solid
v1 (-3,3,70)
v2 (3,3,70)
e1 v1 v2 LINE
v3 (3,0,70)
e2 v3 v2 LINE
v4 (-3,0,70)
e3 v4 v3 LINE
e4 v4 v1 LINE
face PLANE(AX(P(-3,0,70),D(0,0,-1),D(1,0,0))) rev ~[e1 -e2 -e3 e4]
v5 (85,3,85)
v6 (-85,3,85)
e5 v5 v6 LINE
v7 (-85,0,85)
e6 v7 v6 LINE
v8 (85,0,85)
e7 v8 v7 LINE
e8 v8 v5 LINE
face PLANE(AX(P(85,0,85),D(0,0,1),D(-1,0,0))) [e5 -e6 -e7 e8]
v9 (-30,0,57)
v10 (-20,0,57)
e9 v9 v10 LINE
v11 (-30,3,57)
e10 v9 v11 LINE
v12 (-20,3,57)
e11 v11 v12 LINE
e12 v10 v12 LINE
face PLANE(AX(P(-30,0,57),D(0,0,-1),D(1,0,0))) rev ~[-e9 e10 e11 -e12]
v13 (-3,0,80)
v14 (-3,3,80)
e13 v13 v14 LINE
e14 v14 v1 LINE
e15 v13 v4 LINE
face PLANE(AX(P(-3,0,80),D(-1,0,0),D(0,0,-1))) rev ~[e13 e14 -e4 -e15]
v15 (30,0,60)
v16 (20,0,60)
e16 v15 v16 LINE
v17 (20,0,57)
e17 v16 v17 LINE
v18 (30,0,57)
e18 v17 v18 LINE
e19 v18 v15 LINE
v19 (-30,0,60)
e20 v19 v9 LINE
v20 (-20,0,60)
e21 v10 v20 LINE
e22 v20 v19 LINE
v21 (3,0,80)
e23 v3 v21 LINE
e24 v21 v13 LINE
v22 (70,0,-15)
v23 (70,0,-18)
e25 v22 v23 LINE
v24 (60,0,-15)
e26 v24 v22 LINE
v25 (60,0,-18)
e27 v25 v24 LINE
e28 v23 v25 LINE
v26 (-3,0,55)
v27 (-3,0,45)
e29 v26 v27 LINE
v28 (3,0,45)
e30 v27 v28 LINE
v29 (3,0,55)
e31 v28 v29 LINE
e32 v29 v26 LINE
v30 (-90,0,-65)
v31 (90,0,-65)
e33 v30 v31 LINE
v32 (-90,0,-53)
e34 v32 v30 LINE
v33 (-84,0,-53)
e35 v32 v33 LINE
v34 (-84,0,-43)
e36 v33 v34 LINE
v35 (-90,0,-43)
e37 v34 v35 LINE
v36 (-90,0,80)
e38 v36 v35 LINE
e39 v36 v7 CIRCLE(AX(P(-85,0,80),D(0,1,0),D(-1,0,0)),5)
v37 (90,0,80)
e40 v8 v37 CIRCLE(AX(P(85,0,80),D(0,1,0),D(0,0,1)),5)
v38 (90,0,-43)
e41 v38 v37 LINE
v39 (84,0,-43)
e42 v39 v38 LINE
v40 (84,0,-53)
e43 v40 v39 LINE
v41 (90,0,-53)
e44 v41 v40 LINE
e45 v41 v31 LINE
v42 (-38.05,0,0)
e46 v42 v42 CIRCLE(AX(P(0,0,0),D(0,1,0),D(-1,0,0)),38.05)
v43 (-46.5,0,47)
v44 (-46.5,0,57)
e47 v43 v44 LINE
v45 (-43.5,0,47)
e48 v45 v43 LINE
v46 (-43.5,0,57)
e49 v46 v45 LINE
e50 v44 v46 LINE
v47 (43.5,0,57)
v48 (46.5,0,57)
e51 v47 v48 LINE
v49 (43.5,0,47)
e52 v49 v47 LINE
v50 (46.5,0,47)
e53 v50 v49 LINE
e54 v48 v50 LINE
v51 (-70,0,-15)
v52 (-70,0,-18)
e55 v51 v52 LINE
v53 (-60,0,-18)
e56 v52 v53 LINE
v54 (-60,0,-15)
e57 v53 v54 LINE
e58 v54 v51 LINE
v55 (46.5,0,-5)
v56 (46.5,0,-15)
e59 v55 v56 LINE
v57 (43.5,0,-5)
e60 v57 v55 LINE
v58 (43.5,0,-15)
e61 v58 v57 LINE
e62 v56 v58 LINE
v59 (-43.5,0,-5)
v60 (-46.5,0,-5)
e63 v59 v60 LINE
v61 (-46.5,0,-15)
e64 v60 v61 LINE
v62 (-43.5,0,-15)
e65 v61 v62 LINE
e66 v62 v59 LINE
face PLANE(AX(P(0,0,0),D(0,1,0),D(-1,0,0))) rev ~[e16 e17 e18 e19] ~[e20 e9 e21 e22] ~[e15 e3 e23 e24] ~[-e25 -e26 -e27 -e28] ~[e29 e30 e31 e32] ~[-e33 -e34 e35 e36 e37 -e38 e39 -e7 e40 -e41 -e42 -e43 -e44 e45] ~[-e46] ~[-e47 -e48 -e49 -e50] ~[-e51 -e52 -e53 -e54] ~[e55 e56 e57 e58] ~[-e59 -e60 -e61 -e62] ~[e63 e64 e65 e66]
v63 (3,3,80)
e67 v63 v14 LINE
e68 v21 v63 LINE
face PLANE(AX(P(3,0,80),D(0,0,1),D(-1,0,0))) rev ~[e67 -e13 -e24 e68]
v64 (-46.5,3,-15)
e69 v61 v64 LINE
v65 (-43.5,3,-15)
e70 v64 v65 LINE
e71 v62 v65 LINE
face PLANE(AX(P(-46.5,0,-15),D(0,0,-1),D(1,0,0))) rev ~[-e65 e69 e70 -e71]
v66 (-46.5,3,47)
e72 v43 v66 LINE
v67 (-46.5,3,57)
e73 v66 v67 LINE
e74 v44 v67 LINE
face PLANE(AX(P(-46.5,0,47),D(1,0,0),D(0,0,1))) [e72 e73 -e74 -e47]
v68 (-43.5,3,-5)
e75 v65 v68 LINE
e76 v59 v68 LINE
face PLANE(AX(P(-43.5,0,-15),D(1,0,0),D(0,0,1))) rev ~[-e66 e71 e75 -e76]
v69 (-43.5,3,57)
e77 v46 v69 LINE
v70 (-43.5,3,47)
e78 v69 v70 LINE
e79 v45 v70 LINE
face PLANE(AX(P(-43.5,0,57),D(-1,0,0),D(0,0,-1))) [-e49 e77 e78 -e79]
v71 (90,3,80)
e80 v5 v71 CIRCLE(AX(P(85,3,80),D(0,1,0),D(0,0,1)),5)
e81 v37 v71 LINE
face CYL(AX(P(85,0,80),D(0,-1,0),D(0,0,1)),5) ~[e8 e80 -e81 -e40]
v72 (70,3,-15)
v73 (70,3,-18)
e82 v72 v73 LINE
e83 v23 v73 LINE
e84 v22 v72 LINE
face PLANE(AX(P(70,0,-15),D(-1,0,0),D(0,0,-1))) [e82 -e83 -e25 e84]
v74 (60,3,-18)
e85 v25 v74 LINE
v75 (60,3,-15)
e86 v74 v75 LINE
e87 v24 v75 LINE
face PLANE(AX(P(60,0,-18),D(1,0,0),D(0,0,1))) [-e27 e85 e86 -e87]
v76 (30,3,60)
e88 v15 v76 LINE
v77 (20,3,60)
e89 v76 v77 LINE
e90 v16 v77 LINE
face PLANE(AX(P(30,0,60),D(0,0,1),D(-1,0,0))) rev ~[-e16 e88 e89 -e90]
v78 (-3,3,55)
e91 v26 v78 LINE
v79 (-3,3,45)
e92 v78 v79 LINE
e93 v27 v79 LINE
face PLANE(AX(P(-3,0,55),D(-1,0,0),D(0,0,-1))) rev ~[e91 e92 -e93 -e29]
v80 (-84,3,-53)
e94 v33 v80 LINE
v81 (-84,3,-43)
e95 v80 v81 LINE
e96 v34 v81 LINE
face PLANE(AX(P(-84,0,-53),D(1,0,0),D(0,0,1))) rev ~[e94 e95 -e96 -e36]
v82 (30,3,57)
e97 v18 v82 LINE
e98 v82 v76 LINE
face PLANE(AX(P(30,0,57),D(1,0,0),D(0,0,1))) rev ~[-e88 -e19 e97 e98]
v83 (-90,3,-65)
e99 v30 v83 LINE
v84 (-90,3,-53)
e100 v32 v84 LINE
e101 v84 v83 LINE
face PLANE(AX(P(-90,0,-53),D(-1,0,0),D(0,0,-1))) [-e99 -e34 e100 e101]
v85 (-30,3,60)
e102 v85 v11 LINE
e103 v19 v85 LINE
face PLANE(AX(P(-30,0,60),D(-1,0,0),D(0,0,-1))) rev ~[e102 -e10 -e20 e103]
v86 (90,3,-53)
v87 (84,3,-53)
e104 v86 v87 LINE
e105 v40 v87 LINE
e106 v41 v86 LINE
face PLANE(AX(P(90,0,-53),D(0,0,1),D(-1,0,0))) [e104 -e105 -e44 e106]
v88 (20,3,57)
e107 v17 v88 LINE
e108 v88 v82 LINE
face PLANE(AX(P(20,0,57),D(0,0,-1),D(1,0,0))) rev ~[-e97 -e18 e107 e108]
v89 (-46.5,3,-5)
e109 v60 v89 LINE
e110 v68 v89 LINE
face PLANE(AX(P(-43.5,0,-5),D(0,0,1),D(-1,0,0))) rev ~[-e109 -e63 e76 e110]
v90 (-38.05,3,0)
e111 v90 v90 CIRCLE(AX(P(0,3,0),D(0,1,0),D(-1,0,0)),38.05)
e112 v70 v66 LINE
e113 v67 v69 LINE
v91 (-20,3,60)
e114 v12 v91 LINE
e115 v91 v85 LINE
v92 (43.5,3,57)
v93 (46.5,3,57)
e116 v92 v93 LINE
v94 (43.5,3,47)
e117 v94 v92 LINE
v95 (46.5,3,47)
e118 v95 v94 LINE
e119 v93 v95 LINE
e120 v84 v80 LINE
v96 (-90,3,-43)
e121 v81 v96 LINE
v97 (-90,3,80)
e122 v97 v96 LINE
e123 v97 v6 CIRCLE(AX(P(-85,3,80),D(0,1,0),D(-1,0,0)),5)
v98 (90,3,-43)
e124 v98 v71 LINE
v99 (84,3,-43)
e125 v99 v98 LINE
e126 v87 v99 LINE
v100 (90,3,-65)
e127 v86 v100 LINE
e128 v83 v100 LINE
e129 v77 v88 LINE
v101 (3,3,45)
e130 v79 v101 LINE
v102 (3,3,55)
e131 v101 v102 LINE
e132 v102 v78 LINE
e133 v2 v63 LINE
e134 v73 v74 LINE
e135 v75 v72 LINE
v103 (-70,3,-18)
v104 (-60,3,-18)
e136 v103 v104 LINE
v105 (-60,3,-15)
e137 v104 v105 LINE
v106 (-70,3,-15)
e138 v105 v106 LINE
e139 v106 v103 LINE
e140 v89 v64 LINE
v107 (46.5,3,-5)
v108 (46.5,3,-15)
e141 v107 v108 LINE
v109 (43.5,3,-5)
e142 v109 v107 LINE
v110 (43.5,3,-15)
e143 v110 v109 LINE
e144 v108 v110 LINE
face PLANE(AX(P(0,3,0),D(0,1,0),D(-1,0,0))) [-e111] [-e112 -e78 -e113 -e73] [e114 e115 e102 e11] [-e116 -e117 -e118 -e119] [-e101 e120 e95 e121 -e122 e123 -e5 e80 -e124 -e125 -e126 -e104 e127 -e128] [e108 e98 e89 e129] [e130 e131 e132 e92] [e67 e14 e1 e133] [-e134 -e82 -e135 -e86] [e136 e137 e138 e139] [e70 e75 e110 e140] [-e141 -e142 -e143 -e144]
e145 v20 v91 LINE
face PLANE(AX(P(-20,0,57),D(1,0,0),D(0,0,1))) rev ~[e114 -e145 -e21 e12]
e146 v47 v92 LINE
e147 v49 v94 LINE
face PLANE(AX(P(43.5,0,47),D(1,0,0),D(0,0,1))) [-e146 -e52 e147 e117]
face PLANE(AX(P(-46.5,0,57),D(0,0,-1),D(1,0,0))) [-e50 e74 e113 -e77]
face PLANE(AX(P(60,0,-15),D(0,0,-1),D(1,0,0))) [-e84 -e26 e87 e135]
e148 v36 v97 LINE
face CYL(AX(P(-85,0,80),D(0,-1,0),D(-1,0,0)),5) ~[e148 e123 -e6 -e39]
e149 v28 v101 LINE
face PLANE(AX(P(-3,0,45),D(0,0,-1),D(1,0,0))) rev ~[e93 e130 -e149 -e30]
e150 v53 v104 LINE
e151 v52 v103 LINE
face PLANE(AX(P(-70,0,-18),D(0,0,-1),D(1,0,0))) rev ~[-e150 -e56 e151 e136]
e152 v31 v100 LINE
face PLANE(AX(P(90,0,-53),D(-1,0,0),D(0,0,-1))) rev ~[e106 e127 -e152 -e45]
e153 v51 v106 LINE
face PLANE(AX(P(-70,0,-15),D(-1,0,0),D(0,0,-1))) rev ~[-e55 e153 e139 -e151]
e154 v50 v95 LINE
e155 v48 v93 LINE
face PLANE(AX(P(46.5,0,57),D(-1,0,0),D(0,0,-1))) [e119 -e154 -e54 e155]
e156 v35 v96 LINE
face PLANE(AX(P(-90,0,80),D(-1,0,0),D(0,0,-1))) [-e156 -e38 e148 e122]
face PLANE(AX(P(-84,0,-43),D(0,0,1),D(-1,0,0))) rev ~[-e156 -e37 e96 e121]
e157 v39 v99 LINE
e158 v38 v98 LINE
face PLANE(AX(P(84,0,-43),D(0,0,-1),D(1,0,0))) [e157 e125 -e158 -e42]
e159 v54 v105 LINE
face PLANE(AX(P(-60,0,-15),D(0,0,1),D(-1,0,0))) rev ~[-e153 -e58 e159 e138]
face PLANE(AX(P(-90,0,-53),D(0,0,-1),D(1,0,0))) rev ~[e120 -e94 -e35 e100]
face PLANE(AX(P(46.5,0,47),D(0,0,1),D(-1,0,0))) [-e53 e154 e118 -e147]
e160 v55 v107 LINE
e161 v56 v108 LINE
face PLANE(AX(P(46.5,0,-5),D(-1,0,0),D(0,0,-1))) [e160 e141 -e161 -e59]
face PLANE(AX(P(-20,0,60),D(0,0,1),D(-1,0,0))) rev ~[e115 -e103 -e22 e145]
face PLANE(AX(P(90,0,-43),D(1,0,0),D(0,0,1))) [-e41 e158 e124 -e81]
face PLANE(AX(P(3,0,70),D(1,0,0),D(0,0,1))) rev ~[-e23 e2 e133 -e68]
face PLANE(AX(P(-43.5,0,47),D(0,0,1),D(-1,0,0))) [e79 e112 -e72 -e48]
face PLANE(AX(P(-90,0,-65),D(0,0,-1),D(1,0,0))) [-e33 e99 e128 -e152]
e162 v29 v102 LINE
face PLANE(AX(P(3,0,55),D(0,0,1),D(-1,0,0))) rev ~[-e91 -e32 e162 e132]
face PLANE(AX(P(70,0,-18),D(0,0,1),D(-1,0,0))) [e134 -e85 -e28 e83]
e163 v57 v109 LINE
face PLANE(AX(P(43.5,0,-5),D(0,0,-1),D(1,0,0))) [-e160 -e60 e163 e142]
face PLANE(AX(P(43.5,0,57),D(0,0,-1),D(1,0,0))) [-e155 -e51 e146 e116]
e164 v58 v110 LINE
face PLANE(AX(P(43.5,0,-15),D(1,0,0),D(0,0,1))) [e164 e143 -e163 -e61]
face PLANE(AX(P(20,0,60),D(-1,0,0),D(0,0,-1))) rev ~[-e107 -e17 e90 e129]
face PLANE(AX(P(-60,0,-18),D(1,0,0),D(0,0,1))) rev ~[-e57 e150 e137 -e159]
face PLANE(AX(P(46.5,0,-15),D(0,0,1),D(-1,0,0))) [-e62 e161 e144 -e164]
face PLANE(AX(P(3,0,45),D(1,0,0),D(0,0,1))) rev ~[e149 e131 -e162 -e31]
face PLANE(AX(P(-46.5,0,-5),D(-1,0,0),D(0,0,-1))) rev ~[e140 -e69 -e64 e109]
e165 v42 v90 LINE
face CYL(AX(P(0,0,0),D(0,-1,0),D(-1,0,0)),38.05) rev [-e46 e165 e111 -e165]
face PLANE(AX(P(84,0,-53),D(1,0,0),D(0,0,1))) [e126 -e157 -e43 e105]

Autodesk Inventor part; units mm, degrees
ref_plane "YZ Plane" through (0, 0, 0) normal (1, 0, 0) x (0, 1, 0)
ref_plane "XZ Plane" through (0, 0, 0) normal (0, 1, 0) x (-1, 0, 0)
ref_plane "XY Plane" through (0, 0, 0) normal (0, 0, 1) x (1, 0, 0)
sketch "Sketch2" plane through (0, 0, 0) normal (0, 1, 0) x (-1, 0, 0)
  line L0 (90, -53) -> (84, -53)
  line L1 (84, -53) -> (84, -43)
  line L2 (84, -43) -> (90, -43)
  line L3 (-90, -53) -> (-84, -53)
  line L4 (-84, -53) -> (-84, -43)
  line L5 (-84, -43) -> (-90, -43)
  line L6 (70, -18) -> (60, -18)
  line L7 (60, -18) -> (60, -15)
  line L8 (60, -15) -> (70, -15)
  line L9 (70, -15) -> (70, -18)
  line L10 (-70, -18) -> (-60, -18)
  line L11 (-60, -18) -> (-60, -15)
  line L12 (-60, -15) -> (-70, -15)
  line L13 (-70, -15) -> (-70, -18)
  circle A0 centre (0, 0) radius 38.05
  line L14 (46.5, -15) -> (43.5, -15)
  line L15 (43.5, -15) -> (43.5, -5)
  line L16 (43.5, -5) -> (46.5, -5)
  line L17 (46.5, -5) -> (46.5, -15)
  line L18 (-46.5, -15) -> (-43.5, -15)
  line L19 (-43.5, -15) -> (-43.5, -5)
  line L20 (-43.5, -5) -> (-46.5, -5)
  line L21 (-46.5, -5) -> (-46.5, -15)
  line L22 (43.5, 57) -> (43.5, 47)
  line L23 (43.5, 47) -> (46.5, 47)
  line L24 (46.5, 47) -> (46.5, 57)
  line L25 (-46.5, 47) -> (-43.5, 47)
  line L26 (-43.5, 47) -> (-43.5, 57)
  line L27 (-46.5, 57) -> (-46.5, 47)
  line L28 (-85, 85) -> (85, 85)
  arc A1 (-85, 85) -> (-90, 80) centre (-85, 80) ccw
  arc A2 (90, 80) -> (85, 85) centre (85, 80) ccw
  line L29 (46.5, 57) -> (43.5, 57)
  line L30 (-43.5, 57) -> (-46.5, 57)
  line L31 (30, 57) -> (20, 57)
  line L32 (20, 57) -> (20, 60)
  line L33 (20, 60) -> (30, 60)
  line L34 (30, 60) -> (30, 57)
  line L35 (-20, 57) -> (-30, 57)
  line L36 (-30, 57) -> (-30, 60)
  line L37 (-30, 60) -> (-20, 60)
  line L38 (-20, 60) -> (-20, 57)
  line L39 (3, 70) -> (-3, 70)
  line L40 (-3, 70) -> (-3, 80)
  line L41 (-3, 80) -> (3, 80)
  line L42 (3, 80) -> (3, 70)
  line L43 (3, 45) -> (-3, 45)
  line L44 (-3, 45) -> (-3, 55)
  line L45 (-3, 55) -> (3, 55)
  line L46 (3, 55) -> (3, 45)
  line L47 (-90, -43) -> (-90, 80)
  line L48 (90, 80) -> (90, -43)
  line L49 (90, -53) -> (90, -65)
  line L50 (-90, -53) -> (-90, -65)
  line L51 (90, -65) -> (-90, -65)
  point P0 (-91.6845, 9.0823)
  point P1 (90, 85)
  dimension "d21" = 6
  dimension "d22" = 10
  dimension "d25" = 6
  dimension "d26" = 10
  dimension "d31" = 3
  dimension "d32" = 10
  dimension "d35" = 3
  dimension "d36" = 10
  dimension "d39" = 25
  dimension "d40" = 25
  dimension "d43" = 76.1
  dimension "d52" = 3
  dimension "d53" = 10
  dimension "d54" = 10
  dimension "d55" = 3
  dimension "d58" = 10
  dimension "d59" = 3
  dimension "d62" = 3
  dimension "d65" = 180
  dimension "d66" = 150
  dimension "d90" = 90
  dimension "d91" = 90
  dimension "d103" = 10
  dimension "d104" = 10
  dimension "d108" = 3
  dimension "d109" = 10
  dimension "d110" = 20
  dimension "d111" = 3
  dimension "d112" = 10
  dimension "d113" = 20
  dimension "d114" = 5
  dimension "d115" = 10
  dimension "d116" = 6
  dimension "d117" = 3
  dimension "d118" = 10
  dimension "d119" = 6
  dimension "d120" = 15
  dimension "d121" = 3
extrude "Extrusion6" add sketch "Sketch2" along normal blind 3
properties part number "OpenROV 2_2a Top"
